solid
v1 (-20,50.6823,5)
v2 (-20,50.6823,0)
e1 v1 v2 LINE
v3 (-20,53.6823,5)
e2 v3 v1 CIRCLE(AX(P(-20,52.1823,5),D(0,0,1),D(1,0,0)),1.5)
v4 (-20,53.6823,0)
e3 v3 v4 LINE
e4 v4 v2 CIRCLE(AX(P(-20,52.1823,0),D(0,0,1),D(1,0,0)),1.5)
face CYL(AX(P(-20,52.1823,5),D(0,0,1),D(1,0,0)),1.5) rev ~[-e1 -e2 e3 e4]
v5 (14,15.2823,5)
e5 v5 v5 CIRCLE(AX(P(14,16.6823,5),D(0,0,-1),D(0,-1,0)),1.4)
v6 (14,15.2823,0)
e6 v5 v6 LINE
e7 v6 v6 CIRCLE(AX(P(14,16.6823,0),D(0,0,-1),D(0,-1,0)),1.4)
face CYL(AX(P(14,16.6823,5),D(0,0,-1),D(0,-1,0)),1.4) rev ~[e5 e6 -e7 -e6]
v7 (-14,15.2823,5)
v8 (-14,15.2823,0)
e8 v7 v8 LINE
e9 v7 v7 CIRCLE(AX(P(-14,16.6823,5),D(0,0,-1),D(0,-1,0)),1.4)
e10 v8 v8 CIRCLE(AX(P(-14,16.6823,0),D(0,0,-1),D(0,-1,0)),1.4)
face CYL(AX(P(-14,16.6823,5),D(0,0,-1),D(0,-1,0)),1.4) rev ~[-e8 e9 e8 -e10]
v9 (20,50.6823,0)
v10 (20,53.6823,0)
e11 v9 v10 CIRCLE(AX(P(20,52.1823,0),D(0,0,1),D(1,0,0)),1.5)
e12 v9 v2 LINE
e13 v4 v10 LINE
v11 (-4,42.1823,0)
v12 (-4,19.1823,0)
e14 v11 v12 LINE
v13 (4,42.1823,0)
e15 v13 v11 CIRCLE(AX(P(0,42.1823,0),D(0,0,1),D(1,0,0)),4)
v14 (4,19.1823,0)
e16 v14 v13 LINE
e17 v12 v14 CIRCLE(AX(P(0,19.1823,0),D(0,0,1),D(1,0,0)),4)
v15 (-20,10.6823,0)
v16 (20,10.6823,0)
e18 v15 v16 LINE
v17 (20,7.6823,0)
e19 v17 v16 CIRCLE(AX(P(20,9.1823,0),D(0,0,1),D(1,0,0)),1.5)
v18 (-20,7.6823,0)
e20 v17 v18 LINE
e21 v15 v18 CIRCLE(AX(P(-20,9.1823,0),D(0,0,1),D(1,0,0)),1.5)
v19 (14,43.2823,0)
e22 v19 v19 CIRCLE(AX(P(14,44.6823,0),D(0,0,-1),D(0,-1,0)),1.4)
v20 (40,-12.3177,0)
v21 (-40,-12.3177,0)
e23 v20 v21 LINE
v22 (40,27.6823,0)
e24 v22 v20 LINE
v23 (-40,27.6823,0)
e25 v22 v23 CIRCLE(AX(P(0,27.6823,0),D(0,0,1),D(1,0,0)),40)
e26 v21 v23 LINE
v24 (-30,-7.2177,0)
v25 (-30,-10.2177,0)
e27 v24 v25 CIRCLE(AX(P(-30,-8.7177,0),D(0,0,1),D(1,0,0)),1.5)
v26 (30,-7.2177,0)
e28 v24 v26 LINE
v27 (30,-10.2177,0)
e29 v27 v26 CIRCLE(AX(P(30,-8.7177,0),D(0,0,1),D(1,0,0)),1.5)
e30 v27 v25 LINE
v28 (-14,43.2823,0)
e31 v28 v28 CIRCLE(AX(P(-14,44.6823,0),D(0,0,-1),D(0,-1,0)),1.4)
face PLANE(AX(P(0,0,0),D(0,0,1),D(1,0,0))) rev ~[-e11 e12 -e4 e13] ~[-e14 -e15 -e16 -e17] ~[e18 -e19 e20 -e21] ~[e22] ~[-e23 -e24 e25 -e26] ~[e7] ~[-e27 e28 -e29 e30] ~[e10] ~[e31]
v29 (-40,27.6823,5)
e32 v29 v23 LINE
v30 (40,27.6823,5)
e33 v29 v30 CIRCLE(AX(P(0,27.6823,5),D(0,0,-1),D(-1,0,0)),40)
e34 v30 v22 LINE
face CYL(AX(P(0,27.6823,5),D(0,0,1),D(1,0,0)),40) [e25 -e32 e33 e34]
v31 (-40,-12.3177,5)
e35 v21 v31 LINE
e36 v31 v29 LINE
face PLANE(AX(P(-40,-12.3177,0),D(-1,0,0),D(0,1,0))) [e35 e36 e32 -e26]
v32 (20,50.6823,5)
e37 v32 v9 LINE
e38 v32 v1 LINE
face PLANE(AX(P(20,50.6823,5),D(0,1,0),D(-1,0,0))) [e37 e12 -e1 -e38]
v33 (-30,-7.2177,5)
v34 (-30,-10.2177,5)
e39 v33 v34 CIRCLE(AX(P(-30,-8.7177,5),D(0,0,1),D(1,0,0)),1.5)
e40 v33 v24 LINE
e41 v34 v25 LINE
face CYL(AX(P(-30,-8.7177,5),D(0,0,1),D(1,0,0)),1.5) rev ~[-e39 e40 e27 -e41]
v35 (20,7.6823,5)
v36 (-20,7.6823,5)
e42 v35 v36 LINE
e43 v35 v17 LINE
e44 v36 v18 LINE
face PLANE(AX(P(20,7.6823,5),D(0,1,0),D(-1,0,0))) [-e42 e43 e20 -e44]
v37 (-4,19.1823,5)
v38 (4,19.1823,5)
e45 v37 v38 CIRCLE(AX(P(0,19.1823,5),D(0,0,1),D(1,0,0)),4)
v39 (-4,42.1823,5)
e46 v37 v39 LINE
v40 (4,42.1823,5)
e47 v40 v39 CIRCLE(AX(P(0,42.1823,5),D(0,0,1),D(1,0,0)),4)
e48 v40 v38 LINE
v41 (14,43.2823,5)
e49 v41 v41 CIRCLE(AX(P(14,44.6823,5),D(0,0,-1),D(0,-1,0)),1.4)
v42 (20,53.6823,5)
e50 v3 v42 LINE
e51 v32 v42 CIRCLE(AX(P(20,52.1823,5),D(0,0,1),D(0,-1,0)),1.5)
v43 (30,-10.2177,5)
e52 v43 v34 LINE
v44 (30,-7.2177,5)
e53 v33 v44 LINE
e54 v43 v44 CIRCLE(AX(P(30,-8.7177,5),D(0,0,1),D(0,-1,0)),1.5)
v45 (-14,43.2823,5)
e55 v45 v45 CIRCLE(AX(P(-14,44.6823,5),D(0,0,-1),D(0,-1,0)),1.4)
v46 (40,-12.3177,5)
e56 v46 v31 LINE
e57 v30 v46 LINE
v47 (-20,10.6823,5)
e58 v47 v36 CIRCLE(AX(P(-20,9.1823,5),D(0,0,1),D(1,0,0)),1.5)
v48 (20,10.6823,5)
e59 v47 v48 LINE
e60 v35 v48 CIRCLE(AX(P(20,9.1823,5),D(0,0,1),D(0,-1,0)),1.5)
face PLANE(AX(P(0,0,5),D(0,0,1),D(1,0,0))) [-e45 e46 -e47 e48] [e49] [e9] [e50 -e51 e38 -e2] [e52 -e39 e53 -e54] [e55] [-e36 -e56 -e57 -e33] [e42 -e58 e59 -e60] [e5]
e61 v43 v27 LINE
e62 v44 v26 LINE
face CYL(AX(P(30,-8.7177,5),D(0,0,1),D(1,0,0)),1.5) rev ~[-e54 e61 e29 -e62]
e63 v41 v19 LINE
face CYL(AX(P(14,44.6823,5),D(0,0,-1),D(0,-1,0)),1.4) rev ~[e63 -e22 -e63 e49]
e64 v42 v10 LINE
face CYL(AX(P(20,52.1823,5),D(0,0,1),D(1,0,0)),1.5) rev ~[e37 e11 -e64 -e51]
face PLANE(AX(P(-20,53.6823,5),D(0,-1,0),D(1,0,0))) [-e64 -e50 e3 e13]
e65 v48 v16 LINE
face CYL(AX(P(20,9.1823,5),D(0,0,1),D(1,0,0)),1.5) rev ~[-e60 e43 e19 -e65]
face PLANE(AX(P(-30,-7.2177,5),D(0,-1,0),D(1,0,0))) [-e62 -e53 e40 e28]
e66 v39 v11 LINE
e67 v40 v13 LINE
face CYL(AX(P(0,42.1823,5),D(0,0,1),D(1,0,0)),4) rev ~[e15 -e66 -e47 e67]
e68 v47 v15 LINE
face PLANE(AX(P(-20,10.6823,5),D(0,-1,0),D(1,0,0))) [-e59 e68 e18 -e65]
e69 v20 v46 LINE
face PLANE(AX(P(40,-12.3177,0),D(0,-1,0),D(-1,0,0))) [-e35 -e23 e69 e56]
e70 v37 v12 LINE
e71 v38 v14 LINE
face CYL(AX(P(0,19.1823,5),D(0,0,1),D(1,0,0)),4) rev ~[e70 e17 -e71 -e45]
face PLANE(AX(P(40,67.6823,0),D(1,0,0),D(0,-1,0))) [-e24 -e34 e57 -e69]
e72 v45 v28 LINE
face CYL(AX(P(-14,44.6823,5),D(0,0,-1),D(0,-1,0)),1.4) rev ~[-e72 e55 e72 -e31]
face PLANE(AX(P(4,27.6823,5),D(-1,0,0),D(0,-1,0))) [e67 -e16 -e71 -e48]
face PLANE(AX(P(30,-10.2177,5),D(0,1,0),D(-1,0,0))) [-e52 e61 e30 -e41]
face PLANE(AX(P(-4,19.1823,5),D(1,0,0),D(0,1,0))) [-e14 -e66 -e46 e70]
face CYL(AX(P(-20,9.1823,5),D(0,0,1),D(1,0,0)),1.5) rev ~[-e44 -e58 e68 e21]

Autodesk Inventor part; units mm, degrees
ref_plane "YZ Plane" through (0, 0, 0) normal (1, 0, 0) x (0, 1, 0)
ref_plane "XZ Plane" through (0, 0, 0) normal (0, 1, 0) x (-1, 0, 0)
ref_plane "XY Plane" through (0, 0, 0) normal (0, 0, 1) x (1, 0, 0)
sketch "スケッチ1" plane through (0, 0, 0) normal (0, 0, 1) x (1, 0, 0)
  line L0 (-40, 67.6823) -> (40, 67.6823)
  line L1 (40, 67.6823) -> (40, -12.3177)
  line L2 (40, -12.3177) -> (-40, -12.3177)
  line L3 (-40, -12.3177) -> (-40, 67.6823)
  point P0 (0, 0)
  dimension "d0" = 80
  dimension "d1" = 40
  dimension "d2" = 80
extrude "押し出し1" add sketch "スケッチ1" along normal blind 5
sketch "スケッチ5" plane through (0, 0, 5) normal (0, 0, 1) x (1, 0, 0)
  line L0 (-40, -7.3177) -> (40, -7.3177) projected
  line L1 (40, 67.6823) -> (40, -12.3177) projected
  line L2 (-40, 67.6823) -> (40, 67.6823) projected
  line L3 (-40, -12.3177) -> (-40, 67.6823) projected
  arc A0 (40, 27.6823) -> (-40, 27.6823) centre (0, 27.6823) ccw
  point P0 (0, 0)
  dimension "d21" = 40
  dimension "d22" = 40
  dimension "d23" = 80
extrude "押し出し4" cut sketch "スケッチ5" against normal through all contours L3 L2 A0 | A0 L2 L1
sketch "スケッチ6" plane through (0, 0, 5) normal (0, 0, 1) x (1, 0, 0)
  arc A0 (40, 27.6823) -> (-40, 27.6823) centre (0, 27.6823) ccw projected
  point P0 (0, 0)
hole "Hole2" at (0, 27.6823, 5) direction (0, 0, -1) diameter 8 end through all
sketch "スケッチ8" plane through (0, 0, 5) normal (0, 0, 1) x (1, 0, 0)
  circle A0 centre (0, 27.6823) radius 4 projected
  line L0 (-20, 10.6823) -> (20, 10.6823)
  line L1 (20, 10.6823) -> (20, 7.6823)
  line L2 (20, 7.6823) -> (-20, 7.6823)
  line L3 (-20, 7.6823) -> (-20, 10.6823)
  circle A1 centre (-20, 9.1823) radius 1.5
  circle A2 centre (20, 9.1823) radius 1.5
  line L4 (40, -12.3177) -> (-40, -12.3177) projected
  line L5 (-20, 53.6823) -> (20, 53.6823)
  line L6 (20, 53.6823) -> (20, 50.6823)
  line L7 (20, 50.6823) -> (-20, 50.6823)
  line L8 (-20, 50.6823) -> (-20, 53.6823)
  circle A3 centre (-20, 52.1823) radius 1.5
  circle A4 centre (20, 52.1823) radius 1.5
  point P0 (0, 0)
  dimension "d54" = 3
  dimension "d55" = 20
  dimension "d56" = 40
  dimension "d65" = 20
  dimension "d87" = 40
  dimension "d88" = 20
  dimension "d89" = 3
  dimension "d91" = 40
extrude "押し出し5" cut sketch "スケッチ8" against normal through all contours A1 L3 | L0 A2 L2 A1 | L3 A1 | A2 L1 | L1 A2 | A3 L8 | L5 A4 L7 A3 | L8 A3 | A4 L6 | L6 A4
sketch "スケッチ9" plane through (0, 0, 5) normal (0, 0, 1) x (1, 0, 0)
  line L0 (-40, -12.3177) -> (-40, 27.6823) projected
  line L1 (40, -12.3177) -> (-40, -12.3177) projected
  line L2 (40, 27.6823) -> (40, -12.3177) projected
  line L3 (-30, -7.2177) -> (30, -7.2177)
  line L4 (30, -7.2177) -> (30, -10.2177)
  line L5 (30, -10.2177) -> (-30, -10.2177)
  line L6 (-30, -10.2177) -> (-30, -7.2177)
  circle A0 centre (-30, -8.7177) radius 1.5
  circle A1 centre (30, -8.7177) radius 1.5
  point P0 (0, 0)
  dimension "d59" = 3
  dimension "d60" = 10
  dimension "d61" = 10
  dimension "d62" = 5.1
extrude "押し出し6" cut sketch "スケッチ9" against normal through all
sketch "スケッチ11" plane through (0, 0, 5) normal (0, 0, 1) x (1, 0, 0)
  arc A0 (20, 50.6823) -> (20, 53.6823) centre (20, 52.1823) ccw projected
  line L0 (20, 50.6823) -> (-20, 50.6823) projected
  line L1 (-20, 10.6823) -> (20, 10.6823) projected
  arc A1 (-20, 10.6823) -> (-20, 7.6823) centre (-20, 9.1823) ccw projected
  point P0 (0, 0)
  point P1 (-14, 44.6823)
  point P2 (-14, 16.6823)
  point P3 (14, 16.6823)
  point P4 (14, 44.6823)
  dimension "d92" = 6
  dimension "d93" = 6
  dimension "d94" = 6
  dimension "d95" = 6
  dimension "d96" = 6
  dimension "d97" = 6
  dimension "d98" = 6
  dimension "d99" = 6
hole "Hole5" at (-14, 44.6823, 5) at (-14, 16.6823, 5) at (14, 16.6823, 5) at (14, 44.6823, 5) direction (0, 0, -1) diameter 2.8 depth 8 tip angle 118
sketch "スケッチ12" plane through (0, 0, 5) normal (0, 0, 1) x (1, 0, 0)
  circle A0 centre (0, 27.6823) radius 4 projected
  line L0 (-4, 42.1823) -> (4, 42.1823)
  line L1 (4, 42.1823) -> (4, 19.1823)
  line L2 (4, 19.1823) -> (-4, 19.1823)
  line L3 (-4, 19.1823) -> (-4, 42.1823)
  circle A1 centre (0, 42.1823) radius 4
  circle A2 centre (0, 19.1823) radius 4
  circle A3 centre (14, 16.6823) radius 1.4 projected
  circle A4 centre (-14, 44.6823) radius 1.4 projected
  point P0 (0, 0)
  dimension "d109" = 2.5
  dimension "d110" = 2.5
extrude "押し出し7" cut sketch "スケッチ12" against normal blind 10 contours L1 A2 L3 A0 | A0 L3 A1 L1 | A1 L0 | L0 A1 | A2 L2 | L2 A2
equation "\"d1\" = 0.5 * d0"
equation "\"d2\" = d0"
equation "\"d21\" = d22"
equation "\"d55\" = 0.5 * d56"
equation "\"d87\" = d56"
equation "\"d88\" = d55"
equation "\"d89\" = d54"
equation "\"d61\" = d60"
equation "\"d93\" = d92"
equation "\"d94\" = d92"
equation "\"d95\" = d92"
equation "\"d96\" = d92"
equation "\"d97\" = d92"
equation "\"d98\" = d92"
equation "\"d99\" = d92"
equation "\"d110\" = d109"
properties part number "JointB1"
